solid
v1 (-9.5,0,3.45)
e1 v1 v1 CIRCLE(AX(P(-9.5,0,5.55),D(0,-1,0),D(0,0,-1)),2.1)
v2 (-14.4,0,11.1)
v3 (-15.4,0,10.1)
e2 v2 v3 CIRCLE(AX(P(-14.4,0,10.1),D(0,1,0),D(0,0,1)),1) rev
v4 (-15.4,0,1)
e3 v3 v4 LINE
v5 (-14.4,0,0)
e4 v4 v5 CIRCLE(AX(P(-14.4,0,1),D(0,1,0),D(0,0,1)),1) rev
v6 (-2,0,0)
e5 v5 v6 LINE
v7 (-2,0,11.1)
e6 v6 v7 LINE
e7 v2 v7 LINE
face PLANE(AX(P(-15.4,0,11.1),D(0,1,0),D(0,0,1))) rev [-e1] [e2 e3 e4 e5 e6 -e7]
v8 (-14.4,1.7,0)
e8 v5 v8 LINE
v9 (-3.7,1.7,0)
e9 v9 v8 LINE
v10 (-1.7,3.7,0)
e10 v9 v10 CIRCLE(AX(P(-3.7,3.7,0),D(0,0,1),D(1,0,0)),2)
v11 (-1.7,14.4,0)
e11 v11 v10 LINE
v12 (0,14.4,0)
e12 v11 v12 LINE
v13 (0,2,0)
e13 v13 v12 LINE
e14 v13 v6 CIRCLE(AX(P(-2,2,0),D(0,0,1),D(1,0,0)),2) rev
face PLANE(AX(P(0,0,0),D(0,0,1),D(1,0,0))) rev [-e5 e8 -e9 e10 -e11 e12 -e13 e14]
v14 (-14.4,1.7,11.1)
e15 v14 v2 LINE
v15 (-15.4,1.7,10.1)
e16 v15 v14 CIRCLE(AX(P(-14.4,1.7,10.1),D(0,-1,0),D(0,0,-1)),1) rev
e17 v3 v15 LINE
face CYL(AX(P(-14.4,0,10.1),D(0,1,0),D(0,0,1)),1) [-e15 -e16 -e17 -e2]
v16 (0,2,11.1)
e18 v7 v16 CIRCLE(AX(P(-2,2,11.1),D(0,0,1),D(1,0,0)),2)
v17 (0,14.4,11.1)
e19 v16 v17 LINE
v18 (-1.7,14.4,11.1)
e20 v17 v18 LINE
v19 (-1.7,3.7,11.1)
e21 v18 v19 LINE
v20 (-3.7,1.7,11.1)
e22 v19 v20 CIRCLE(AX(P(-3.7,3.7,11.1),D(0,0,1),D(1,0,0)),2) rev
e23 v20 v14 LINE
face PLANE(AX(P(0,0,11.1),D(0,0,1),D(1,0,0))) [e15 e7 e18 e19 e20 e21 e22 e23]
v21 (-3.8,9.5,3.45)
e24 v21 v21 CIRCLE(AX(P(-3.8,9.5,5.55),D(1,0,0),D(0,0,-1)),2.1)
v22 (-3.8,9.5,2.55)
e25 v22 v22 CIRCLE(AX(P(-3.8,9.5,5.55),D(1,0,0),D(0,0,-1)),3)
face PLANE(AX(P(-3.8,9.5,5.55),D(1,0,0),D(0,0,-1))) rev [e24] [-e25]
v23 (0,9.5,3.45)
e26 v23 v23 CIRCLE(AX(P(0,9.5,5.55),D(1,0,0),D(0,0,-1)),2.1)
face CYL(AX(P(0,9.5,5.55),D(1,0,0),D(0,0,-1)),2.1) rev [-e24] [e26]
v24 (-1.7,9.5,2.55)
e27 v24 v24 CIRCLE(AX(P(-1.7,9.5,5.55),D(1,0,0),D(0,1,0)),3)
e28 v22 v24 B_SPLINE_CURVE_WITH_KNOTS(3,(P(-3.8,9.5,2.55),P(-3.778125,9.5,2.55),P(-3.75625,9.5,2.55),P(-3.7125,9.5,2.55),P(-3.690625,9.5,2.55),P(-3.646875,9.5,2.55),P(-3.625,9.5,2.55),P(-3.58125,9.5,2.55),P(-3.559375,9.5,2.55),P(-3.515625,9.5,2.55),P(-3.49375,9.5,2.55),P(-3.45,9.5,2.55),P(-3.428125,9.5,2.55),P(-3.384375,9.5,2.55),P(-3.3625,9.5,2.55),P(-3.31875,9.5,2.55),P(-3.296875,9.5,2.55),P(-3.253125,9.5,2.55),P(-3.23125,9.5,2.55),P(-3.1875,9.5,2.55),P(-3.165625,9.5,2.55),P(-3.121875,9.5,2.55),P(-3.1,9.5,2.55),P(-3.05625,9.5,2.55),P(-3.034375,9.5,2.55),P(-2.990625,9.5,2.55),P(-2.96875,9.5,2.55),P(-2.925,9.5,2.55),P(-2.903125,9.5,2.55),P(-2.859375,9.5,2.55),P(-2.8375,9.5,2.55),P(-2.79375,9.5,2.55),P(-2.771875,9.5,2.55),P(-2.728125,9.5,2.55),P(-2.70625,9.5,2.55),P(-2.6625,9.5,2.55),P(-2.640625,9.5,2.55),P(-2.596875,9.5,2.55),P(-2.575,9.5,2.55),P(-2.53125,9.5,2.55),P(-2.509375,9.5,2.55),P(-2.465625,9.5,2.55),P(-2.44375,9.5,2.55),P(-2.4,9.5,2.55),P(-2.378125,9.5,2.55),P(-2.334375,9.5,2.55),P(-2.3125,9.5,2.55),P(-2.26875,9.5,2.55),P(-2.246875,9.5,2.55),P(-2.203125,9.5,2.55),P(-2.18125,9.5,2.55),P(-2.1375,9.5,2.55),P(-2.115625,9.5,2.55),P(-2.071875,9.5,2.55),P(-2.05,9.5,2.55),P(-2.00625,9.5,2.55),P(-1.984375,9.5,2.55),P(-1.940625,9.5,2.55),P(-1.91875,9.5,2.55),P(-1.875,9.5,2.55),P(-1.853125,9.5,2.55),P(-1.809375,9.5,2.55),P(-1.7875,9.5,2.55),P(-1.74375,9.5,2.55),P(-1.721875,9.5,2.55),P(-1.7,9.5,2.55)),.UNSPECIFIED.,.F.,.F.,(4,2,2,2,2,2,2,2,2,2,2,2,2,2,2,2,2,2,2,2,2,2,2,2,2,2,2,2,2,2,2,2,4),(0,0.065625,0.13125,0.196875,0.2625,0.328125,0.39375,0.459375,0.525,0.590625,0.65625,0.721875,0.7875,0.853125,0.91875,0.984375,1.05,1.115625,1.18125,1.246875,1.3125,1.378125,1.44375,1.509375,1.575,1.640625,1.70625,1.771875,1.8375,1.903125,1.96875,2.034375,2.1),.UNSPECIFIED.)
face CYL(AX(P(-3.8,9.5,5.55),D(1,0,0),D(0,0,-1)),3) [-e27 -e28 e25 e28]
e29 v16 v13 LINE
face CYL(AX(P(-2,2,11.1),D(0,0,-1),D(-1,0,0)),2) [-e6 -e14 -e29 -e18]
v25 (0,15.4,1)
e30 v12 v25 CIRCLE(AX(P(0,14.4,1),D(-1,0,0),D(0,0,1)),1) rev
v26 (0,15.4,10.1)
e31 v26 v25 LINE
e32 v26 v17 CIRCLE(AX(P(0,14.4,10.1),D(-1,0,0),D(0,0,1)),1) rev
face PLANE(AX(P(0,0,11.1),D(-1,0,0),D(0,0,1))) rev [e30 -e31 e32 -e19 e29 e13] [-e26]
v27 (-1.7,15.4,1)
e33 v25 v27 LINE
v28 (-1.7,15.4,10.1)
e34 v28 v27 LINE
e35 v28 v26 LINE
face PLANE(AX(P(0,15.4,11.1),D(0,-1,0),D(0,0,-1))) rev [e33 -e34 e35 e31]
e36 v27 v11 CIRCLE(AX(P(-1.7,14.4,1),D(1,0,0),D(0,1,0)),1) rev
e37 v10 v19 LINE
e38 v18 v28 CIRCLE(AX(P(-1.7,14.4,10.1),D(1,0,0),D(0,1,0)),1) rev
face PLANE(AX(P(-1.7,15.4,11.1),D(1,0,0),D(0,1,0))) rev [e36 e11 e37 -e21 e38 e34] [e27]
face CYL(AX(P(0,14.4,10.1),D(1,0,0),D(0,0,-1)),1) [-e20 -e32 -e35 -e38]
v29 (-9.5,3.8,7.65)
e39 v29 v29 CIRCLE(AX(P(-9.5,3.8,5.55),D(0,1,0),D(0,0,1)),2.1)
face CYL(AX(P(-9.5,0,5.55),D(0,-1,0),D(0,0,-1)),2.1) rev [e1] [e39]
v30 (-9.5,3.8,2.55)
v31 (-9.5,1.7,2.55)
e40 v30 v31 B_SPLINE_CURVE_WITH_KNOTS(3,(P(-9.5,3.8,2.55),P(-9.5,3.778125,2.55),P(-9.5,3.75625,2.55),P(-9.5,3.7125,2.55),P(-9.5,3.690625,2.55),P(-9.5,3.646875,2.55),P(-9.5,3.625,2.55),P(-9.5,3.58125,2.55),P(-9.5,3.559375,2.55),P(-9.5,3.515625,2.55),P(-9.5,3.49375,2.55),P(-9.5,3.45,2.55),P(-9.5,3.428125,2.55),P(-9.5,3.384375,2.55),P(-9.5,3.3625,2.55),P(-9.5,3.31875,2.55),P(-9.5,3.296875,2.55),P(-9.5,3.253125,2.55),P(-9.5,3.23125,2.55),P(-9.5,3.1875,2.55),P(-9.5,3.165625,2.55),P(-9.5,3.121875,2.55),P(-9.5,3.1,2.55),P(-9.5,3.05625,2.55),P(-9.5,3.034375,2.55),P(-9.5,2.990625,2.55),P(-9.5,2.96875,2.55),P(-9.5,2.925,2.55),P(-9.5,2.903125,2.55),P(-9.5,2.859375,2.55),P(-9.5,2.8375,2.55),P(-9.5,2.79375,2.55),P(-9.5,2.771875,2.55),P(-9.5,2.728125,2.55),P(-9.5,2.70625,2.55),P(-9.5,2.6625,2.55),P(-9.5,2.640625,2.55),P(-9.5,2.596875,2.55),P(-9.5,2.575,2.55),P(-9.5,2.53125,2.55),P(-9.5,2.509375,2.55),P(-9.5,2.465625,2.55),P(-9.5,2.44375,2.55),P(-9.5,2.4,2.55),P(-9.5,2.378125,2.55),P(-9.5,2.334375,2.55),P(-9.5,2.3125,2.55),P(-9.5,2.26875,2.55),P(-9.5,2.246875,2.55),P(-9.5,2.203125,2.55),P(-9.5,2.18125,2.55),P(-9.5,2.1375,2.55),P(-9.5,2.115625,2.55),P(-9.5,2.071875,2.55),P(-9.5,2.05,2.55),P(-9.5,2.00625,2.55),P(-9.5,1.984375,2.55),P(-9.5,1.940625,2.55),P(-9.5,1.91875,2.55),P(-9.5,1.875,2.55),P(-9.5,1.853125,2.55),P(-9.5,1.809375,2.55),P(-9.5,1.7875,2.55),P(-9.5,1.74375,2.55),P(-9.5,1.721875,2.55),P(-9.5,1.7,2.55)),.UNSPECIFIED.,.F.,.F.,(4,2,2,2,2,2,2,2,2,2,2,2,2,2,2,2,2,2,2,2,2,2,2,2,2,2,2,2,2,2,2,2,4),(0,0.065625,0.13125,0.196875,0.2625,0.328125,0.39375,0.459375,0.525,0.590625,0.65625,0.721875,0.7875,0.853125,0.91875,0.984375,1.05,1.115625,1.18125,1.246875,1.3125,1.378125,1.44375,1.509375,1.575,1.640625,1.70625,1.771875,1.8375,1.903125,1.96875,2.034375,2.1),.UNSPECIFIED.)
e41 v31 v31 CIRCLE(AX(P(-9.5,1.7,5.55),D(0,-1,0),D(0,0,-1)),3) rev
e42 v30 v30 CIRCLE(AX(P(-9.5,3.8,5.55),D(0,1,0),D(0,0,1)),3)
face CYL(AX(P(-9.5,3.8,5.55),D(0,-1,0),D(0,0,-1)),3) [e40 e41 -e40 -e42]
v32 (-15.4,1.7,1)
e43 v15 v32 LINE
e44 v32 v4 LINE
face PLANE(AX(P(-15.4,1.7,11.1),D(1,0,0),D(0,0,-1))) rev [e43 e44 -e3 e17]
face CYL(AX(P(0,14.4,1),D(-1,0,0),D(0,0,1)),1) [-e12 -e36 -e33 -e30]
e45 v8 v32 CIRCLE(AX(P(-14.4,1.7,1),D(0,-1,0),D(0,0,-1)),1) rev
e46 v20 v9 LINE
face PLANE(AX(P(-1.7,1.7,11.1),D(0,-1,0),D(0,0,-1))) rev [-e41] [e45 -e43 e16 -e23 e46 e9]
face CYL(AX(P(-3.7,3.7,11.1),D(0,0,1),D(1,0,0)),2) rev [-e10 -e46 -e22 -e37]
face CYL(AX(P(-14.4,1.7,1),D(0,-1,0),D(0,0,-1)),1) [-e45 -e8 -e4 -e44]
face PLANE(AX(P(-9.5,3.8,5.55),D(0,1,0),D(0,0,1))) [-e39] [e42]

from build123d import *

# Parameters (mm, degrees)
EXTRUDE_1_DEPTH    = 11.1
FILLET_1_R         = 1
SKETCH_3_R         = 3
EXTRUDE_2_DEPTH    = 3.8
SKETCH_2_R         = 3
EXTRUDE_3_DEPTH    = 3.8
FILLET_2_R         = 2
HOLE_WIZARD_M5_3_D = 4.2
HOLE_WIZARD_M5_4_D = 4.2


with BuildPart() as part:
    # 草图1 → 凸台-拉伸1 (new body)
    with BuildSketch(Plane.XY):
        Polygon((0, 0), (0, 15.4), (-1.7, 15.4), (-1.7, 1.7), (-15.4, 1.7), (-15.4, 0), align=None)
    extrude(amount=EXTRUDE_1_DEPTH)

    # 圆角1
    fillet_1_edges = [part.edges().sort_by_distance(p)[0] for p in [
        (-0.85, 15.4, 11.1),
        (-15.4, 0.85, 11.1),
        (-15.4, 0.85, 0),
        (-0.85, 15.4, 0),
    ]]
    fillet(fillet_1_edges, radius=FILLET_1_R)

    # 草图3 → 凸台-拉伸2 (add)
    with BuildSketch(Plane(origin=(0, 0, 0), x_dir=(1, 0, 0), z_dir=(0, 1, 0))):
        with Locations(Location((-9.5, -5.55, 0), (0, 0, 90))):
            Circle(SKETCH_3_R)
    extrude(amount=EXTRUDE_2_DEPTH)

    # 草图2 → 凸台-拉伸3 (add)
    with BuildSketch(Plane(origin=(0, 0, 0), x_dir=(0, 0, -1), z_dir=(1, 0, 0))):
        with Locations((-5.55, 9.5)):
            Circle(SKETCH_2_R)
    extrude(amount=-EXTRUDE_3_DEPTH)

    # 圆角2
    fillet_2_edges = [part.edges().sort_by_distance(p)[0] for p in [
        (-1.7, 1.7, 5.55),
        (0, 0, 5.55),
    ]]
    fillet(fillet_2_edges, radius=FILLET_2_R)

    # M5 螺纹孔3 (through all)
    with Locations(Plane(origin=(0, 0, 0), x_dir=(0, 0, -1), z_dir=(1, 0, 0))):
        with Locations((-5.55, 9.5)):
            Hole(HOLE_WIZARD_M5_3_D / 2)

    # M5 螺纹孔4 (through all)
    with Locations(Plane(origin=(0, 0, 0), x_dir=(-1, 0, 0), z_dir=(0, -1, 0))):
        with Locations((9.5, -5.55)):
            Hole(HOLE_WIZARD_M5_4_D / 2)


solid = part.part
